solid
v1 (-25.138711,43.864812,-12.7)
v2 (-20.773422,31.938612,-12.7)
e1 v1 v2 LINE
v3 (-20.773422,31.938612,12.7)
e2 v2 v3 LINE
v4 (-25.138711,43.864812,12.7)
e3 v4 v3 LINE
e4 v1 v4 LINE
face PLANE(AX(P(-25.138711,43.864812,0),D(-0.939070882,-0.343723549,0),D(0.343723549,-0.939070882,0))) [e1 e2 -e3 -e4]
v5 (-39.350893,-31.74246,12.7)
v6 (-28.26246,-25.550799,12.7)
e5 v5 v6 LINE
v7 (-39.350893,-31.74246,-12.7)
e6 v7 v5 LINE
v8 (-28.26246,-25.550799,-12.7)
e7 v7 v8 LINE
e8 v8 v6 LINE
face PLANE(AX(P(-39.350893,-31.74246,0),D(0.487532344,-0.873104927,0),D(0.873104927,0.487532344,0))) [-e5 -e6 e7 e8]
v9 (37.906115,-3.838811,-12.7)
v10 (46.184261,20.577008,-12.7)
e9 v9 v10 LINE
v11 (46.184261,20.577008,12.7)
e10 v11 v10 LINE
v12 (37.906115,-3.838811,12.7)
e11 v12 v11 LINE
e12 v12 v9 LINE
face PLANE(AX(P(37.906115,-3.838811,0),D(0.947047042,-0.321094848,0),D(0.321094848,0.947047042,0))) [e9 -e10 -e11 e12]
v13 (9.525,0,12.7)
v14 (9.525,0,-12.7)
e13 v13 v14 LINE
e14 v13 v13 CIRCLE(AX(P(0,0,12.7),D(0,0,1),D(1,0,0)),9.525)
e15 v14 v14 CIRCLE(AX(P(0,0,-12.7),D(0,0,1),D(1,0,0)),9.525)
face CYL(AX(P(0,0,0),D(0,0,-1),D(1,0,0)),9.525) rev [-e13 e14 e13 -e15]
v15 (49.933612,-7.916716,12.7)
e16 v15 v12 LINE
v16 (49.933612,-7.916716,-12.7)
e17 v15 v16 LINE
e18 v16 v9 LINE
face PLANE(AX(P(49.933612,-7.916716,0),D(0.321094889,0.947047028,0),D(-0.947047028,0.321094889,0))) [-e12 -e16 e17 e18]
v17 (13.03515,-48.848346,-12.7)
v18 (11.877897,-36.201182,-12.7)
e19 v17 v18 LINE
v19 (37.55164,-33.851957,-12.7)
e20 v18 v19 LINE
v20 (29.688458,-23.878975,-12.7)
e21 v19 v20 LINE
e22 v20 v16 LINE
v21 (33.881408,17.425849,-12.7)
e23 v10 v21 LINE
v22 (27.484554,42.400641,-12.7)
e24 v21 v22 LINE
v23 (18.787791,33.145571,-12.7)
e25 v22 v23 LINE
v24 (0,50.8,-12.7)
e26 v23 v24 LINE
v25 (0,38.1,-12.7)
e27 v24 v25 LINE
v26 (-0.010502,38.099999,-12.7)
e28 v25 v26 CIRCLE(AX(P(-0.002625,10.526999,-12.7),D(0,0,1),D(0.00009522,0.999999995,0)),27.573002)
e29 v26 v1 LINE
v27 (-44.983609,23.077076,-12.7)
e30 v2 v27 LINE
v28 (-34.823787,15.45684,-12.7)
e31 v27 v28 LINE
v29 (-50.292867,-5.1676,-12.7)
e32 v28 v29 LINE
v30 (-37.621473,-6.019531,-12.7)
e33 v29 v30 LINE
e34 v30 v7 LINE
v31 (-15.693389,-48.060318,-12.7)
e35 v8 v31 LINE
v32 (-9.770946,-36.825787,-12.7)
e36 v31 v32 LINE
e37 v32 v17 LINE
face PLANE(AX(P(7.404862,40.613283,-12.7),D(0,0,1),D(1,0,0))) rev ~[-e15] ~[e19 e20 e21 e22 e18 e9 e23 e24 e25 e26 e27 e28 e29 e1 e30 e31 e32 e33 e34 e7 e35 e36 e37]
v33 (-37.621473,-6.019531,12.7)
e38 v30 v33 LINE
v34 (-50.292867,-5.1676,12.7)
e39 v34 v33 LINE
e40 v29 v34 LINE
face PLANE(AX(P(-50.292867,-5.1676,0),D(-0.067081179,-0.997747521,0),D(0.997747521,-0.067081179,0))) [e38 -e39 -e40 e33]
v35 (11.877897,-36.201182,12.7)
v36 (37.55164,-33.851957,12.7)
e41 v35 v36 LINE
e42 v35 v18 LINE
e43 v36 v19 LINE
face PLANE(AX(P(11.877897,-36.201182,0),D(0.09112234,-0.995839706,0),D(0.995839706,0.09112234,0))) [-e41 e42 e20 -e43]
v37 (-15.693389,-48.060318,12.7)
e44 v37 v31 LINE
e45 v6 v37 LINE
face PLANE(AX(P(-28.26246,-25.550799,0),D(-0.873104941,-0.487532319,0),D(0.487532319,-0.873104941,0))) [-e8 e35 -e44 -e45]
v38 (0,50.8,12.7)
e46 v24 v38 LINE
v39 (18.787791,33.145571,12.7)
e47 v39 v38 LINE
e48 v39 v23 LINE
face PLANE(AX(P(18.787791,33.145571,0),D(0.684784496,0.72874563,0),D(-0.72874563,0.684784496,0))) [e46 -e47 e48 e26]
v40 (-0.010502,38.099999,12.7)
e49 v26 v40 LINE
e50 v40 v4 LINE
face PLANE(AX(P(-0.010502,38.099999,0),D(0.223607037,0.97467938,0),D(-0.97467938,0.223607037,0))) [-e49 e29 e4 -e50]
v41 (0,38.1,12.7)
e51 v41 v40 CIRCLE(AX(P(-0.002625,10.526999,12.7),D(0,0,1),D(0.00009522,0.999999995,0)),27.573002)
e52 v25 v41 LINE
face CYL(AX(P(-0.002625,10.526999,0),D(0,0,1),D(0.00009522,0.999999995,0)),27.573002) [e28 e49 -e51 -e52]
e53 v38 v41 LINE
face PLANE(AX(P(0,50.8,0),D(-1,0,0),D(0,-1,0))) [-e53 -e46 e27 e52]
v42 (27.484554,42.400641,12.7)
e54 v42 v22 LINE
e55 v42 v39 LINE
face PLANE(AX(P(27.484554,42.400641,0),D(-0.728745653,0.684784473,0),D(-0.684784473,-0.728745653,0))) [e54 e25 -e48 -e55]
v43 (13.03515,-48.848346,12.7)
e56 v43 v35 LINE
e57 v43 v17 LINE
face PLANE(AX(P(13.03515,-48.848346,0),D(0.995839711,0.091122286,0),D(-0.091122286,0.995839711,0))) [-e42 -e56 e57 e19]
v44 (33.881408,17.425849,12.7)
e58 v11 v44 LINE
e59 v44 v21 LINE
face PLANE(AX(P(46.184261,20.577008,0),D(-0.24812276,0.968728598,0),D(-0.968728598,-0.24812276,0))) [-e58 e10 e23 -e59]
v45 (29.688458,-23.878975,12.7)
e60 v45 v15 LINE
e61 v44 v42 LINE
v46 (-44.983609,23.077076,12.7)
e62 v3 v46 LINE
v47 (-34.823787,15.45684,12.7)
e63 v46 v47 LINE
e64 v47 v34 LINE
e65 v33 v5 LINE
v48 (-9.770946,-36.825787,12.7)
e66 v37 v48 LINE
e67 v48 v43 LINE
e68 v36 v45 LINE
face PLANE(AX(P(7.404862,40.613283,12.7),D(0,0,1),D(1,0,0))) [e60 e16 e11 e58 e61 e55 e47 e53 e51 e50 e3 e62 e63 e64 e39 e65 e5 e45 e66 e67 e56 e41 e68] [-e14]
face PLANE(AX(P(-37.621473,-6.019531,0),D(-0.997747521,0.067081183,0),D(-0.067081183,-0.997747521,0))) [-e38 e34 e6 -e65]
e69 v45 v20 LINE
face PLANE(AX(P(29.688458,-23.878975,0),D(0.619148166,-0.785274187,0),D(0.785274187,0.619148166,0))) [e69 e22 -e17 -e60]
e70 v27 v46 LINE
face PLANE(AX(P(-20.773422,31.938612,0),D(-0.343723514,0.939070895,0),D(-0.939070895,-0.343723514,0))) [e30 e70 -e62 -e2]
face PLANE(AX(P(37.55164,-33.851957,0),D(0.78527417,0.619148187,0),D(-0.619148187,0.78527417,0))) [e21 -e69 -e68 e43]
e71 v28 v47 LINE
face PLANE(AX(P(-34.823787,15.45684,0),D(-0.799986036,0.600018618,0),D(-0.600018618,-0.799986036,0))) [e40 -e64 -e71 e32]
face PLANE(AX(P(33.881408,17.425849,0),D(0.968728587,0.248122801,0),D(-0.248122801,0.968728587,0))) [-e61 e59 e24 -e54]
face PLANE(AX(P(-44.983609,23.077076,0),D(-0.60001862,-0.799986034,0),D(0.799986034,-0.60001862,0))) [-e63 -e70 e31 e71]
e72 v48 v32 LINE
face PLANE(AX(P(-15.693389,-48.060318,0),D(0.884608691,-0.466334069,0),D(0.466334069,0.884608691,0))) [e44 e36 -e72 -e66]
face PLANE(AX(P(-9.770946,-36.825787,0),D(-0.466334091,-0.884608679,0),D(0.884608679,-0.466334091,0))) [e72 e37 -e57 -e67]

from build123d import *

# Parameters (mm, degrees)
F0_R     = 9.525
F1_DEPTH = 12.7


with BuildPart() as f1:
    # F0 (on Top) → F1 (new body, symmetric)
    with BuildSketch(Plane.XY):
        with BuildLine():
            ThreePointArc((0, 38.1), (9.715033, 36.840577), (18.787791, 33.145571))
            Line((18.787791, 33.145571), (0, 50.8))
            Line((0, 50.8), (0, 38.1))
        make_face()
        with BuildLine():
            ThreePointArc((-20.773422, 31.938612), (-10.838983, 36.525696), (-0.010502, 38.099999))
            Line((-0.010502, 38.099999), (-25.138711, 43.864812))
            Line((-25.138711, 43.864812), (-20.773422, 31.938612))
        make_face()
        with BuildLine():
            ThreePointArc((-34.823787, 15.45684), (-28.994389, 24.717107), (-20.773422, 31.938612))
            Line((-20.773422, 31.938612), (-44.983609, 23.077076))
            Line((-44.983609, 23.077076), (-34.823787, 15.45684))
        make_face()
        with BuildLine():
            ThreePointArc((-37.621473, -6.019531), (-37.780783, 4.921632), (-34.823787, 15.45684))
            Line((-34.823787, 15.45684), (-50.292867, -5.1676))
            Line((-50.292867, -5.1676), (-37.621473, -6.019531))
        make_face()
        with BuildLine():
            Line((-39.350893, -31.74246), (-28.26246, -25.550799))
            ThreePointArc((-28.26246, -25.550799), (-34.358999, -16.46418), (-37.621473, -6.019531))
            Line((-37.621473, -6.019531), (-39.350893, -31.74246))
        make_face()
        with BuildLine():
            Line((-15.693389, -48.060318), (-9.770946, -36.825787))
            ThreePointArc((-9.770946, -36.825787), (-19.834726, -32.529889), (-28.26246, -25.550799))
            Line((-28.26246, -25.550799), (-15.693389, -48.060318))
        make_face()
        with BuildLine():
            Line((13.03515, -48.848346), (11.877897, -36.201182))
            ThreePointArc((11.877897, -36.201182), (1.098792, -38.084152), (-9.770946, -36.825787))
            Line((-9.770946, -36.825787), (13.03515, -48.848346))
        make_face()
        with BuildLine():
            Line((37.55164, -33.851957), (29.688458, -23.878975))
            ThreePointArc((29.688458, -23.878975), (21.677169, -31.332257), (11.877897, -36.201182))
            Line((11.877897, -36.201182), (37.55164, -33.851957))
        make_face()
        with BuildLine():
            Line((49.933612, -7.916716), (37.906115, -3.838811))
            ThreePointArc((37.906115, -3.838811), (35.251363, -14.455151), (29.688458, -23.878975))
            Line((29.688458, -23.878975), (49.933612, -7.916716))
        make_face()
        with BuildLine():
            ThreePointArc((33.881408, 17.425849), (37.030336, 8.964607), (38.1, 0))
            ThreePointArc((38.1, 0), (38.051498, -1.921852), (37.906115, -3.838811))
            Line((37.906115, -3.838811), (46.184261, 20.577008))
            Line((46.184261, 20.577008), (33.881408, 17.425849))
        make_face()
        with BuildLine():
            ThreePointArc((18.787791, 33.145571), (27.482514, 26.387903), (33.881408, 17.425849))
            Line((33.881408, 17.425849), (27.484554, 42.400641))
            Line((27.484554, 42.400641), (18.787791, 33.145571))
        make_face()
        with BuildLine():
            ThreePointArc((37.906115, -3.838811), (38.051498, -1.921852), (38.1, 0))
            ThreePointArc((38.1, 0), (37.030336, 8.964607), (33.881408, 17.425849))
            ThreePointArc((33.881408, 17.425849), (27.482514, 26.387903), (18.787791, 33.145571))
            ThreePointArc((18.787791, 33.145571), (9.715033, 36.840577), (0, 38.1))
            ThreePointArc((0, 38.1), (-0.005251, 38.1), (-0.010502, 38.099999))
            ThreePointArc((-0.010502, 38.099999), (-10.838983, 36.525696), (-20.773422, 31.938612))
            ThreePointArc((-20.773422, 31.938612), (-28.994389, 24.717107), (-34.823787, 15.45684))
            ThreePointArc((-34.823787, 15.45684), (-37.780783, 4.921632), (-37.621473, -6.019531))
            ThreePointArc((-37.621473, -6.019531), (-34.358999, -16.46418), (-28.26246, -25.550799))
            ThreePointArc((-28.26246, -25.550799), (-19.834726, -32.529889), (-9.770946, -36.825787))
            ThreePointArc((-9.770946, -36.825787), (1.098792, -38.084152), (11.877897, -36.201182))
            ThreePointArc((11.877897, -36.201182), (21.677169, -31.332257), (29.688458, -23.878975))
            ThreePointArc((29.688458, -23.878975), (35.251363, -14.455151), (37.906115, -3.838811))
        make_face()
        Circle(F0_R, mode=Mode.SUBTRACT)
    extrude(amount=F1_DEPTH, both=True)


solid = f1.part
